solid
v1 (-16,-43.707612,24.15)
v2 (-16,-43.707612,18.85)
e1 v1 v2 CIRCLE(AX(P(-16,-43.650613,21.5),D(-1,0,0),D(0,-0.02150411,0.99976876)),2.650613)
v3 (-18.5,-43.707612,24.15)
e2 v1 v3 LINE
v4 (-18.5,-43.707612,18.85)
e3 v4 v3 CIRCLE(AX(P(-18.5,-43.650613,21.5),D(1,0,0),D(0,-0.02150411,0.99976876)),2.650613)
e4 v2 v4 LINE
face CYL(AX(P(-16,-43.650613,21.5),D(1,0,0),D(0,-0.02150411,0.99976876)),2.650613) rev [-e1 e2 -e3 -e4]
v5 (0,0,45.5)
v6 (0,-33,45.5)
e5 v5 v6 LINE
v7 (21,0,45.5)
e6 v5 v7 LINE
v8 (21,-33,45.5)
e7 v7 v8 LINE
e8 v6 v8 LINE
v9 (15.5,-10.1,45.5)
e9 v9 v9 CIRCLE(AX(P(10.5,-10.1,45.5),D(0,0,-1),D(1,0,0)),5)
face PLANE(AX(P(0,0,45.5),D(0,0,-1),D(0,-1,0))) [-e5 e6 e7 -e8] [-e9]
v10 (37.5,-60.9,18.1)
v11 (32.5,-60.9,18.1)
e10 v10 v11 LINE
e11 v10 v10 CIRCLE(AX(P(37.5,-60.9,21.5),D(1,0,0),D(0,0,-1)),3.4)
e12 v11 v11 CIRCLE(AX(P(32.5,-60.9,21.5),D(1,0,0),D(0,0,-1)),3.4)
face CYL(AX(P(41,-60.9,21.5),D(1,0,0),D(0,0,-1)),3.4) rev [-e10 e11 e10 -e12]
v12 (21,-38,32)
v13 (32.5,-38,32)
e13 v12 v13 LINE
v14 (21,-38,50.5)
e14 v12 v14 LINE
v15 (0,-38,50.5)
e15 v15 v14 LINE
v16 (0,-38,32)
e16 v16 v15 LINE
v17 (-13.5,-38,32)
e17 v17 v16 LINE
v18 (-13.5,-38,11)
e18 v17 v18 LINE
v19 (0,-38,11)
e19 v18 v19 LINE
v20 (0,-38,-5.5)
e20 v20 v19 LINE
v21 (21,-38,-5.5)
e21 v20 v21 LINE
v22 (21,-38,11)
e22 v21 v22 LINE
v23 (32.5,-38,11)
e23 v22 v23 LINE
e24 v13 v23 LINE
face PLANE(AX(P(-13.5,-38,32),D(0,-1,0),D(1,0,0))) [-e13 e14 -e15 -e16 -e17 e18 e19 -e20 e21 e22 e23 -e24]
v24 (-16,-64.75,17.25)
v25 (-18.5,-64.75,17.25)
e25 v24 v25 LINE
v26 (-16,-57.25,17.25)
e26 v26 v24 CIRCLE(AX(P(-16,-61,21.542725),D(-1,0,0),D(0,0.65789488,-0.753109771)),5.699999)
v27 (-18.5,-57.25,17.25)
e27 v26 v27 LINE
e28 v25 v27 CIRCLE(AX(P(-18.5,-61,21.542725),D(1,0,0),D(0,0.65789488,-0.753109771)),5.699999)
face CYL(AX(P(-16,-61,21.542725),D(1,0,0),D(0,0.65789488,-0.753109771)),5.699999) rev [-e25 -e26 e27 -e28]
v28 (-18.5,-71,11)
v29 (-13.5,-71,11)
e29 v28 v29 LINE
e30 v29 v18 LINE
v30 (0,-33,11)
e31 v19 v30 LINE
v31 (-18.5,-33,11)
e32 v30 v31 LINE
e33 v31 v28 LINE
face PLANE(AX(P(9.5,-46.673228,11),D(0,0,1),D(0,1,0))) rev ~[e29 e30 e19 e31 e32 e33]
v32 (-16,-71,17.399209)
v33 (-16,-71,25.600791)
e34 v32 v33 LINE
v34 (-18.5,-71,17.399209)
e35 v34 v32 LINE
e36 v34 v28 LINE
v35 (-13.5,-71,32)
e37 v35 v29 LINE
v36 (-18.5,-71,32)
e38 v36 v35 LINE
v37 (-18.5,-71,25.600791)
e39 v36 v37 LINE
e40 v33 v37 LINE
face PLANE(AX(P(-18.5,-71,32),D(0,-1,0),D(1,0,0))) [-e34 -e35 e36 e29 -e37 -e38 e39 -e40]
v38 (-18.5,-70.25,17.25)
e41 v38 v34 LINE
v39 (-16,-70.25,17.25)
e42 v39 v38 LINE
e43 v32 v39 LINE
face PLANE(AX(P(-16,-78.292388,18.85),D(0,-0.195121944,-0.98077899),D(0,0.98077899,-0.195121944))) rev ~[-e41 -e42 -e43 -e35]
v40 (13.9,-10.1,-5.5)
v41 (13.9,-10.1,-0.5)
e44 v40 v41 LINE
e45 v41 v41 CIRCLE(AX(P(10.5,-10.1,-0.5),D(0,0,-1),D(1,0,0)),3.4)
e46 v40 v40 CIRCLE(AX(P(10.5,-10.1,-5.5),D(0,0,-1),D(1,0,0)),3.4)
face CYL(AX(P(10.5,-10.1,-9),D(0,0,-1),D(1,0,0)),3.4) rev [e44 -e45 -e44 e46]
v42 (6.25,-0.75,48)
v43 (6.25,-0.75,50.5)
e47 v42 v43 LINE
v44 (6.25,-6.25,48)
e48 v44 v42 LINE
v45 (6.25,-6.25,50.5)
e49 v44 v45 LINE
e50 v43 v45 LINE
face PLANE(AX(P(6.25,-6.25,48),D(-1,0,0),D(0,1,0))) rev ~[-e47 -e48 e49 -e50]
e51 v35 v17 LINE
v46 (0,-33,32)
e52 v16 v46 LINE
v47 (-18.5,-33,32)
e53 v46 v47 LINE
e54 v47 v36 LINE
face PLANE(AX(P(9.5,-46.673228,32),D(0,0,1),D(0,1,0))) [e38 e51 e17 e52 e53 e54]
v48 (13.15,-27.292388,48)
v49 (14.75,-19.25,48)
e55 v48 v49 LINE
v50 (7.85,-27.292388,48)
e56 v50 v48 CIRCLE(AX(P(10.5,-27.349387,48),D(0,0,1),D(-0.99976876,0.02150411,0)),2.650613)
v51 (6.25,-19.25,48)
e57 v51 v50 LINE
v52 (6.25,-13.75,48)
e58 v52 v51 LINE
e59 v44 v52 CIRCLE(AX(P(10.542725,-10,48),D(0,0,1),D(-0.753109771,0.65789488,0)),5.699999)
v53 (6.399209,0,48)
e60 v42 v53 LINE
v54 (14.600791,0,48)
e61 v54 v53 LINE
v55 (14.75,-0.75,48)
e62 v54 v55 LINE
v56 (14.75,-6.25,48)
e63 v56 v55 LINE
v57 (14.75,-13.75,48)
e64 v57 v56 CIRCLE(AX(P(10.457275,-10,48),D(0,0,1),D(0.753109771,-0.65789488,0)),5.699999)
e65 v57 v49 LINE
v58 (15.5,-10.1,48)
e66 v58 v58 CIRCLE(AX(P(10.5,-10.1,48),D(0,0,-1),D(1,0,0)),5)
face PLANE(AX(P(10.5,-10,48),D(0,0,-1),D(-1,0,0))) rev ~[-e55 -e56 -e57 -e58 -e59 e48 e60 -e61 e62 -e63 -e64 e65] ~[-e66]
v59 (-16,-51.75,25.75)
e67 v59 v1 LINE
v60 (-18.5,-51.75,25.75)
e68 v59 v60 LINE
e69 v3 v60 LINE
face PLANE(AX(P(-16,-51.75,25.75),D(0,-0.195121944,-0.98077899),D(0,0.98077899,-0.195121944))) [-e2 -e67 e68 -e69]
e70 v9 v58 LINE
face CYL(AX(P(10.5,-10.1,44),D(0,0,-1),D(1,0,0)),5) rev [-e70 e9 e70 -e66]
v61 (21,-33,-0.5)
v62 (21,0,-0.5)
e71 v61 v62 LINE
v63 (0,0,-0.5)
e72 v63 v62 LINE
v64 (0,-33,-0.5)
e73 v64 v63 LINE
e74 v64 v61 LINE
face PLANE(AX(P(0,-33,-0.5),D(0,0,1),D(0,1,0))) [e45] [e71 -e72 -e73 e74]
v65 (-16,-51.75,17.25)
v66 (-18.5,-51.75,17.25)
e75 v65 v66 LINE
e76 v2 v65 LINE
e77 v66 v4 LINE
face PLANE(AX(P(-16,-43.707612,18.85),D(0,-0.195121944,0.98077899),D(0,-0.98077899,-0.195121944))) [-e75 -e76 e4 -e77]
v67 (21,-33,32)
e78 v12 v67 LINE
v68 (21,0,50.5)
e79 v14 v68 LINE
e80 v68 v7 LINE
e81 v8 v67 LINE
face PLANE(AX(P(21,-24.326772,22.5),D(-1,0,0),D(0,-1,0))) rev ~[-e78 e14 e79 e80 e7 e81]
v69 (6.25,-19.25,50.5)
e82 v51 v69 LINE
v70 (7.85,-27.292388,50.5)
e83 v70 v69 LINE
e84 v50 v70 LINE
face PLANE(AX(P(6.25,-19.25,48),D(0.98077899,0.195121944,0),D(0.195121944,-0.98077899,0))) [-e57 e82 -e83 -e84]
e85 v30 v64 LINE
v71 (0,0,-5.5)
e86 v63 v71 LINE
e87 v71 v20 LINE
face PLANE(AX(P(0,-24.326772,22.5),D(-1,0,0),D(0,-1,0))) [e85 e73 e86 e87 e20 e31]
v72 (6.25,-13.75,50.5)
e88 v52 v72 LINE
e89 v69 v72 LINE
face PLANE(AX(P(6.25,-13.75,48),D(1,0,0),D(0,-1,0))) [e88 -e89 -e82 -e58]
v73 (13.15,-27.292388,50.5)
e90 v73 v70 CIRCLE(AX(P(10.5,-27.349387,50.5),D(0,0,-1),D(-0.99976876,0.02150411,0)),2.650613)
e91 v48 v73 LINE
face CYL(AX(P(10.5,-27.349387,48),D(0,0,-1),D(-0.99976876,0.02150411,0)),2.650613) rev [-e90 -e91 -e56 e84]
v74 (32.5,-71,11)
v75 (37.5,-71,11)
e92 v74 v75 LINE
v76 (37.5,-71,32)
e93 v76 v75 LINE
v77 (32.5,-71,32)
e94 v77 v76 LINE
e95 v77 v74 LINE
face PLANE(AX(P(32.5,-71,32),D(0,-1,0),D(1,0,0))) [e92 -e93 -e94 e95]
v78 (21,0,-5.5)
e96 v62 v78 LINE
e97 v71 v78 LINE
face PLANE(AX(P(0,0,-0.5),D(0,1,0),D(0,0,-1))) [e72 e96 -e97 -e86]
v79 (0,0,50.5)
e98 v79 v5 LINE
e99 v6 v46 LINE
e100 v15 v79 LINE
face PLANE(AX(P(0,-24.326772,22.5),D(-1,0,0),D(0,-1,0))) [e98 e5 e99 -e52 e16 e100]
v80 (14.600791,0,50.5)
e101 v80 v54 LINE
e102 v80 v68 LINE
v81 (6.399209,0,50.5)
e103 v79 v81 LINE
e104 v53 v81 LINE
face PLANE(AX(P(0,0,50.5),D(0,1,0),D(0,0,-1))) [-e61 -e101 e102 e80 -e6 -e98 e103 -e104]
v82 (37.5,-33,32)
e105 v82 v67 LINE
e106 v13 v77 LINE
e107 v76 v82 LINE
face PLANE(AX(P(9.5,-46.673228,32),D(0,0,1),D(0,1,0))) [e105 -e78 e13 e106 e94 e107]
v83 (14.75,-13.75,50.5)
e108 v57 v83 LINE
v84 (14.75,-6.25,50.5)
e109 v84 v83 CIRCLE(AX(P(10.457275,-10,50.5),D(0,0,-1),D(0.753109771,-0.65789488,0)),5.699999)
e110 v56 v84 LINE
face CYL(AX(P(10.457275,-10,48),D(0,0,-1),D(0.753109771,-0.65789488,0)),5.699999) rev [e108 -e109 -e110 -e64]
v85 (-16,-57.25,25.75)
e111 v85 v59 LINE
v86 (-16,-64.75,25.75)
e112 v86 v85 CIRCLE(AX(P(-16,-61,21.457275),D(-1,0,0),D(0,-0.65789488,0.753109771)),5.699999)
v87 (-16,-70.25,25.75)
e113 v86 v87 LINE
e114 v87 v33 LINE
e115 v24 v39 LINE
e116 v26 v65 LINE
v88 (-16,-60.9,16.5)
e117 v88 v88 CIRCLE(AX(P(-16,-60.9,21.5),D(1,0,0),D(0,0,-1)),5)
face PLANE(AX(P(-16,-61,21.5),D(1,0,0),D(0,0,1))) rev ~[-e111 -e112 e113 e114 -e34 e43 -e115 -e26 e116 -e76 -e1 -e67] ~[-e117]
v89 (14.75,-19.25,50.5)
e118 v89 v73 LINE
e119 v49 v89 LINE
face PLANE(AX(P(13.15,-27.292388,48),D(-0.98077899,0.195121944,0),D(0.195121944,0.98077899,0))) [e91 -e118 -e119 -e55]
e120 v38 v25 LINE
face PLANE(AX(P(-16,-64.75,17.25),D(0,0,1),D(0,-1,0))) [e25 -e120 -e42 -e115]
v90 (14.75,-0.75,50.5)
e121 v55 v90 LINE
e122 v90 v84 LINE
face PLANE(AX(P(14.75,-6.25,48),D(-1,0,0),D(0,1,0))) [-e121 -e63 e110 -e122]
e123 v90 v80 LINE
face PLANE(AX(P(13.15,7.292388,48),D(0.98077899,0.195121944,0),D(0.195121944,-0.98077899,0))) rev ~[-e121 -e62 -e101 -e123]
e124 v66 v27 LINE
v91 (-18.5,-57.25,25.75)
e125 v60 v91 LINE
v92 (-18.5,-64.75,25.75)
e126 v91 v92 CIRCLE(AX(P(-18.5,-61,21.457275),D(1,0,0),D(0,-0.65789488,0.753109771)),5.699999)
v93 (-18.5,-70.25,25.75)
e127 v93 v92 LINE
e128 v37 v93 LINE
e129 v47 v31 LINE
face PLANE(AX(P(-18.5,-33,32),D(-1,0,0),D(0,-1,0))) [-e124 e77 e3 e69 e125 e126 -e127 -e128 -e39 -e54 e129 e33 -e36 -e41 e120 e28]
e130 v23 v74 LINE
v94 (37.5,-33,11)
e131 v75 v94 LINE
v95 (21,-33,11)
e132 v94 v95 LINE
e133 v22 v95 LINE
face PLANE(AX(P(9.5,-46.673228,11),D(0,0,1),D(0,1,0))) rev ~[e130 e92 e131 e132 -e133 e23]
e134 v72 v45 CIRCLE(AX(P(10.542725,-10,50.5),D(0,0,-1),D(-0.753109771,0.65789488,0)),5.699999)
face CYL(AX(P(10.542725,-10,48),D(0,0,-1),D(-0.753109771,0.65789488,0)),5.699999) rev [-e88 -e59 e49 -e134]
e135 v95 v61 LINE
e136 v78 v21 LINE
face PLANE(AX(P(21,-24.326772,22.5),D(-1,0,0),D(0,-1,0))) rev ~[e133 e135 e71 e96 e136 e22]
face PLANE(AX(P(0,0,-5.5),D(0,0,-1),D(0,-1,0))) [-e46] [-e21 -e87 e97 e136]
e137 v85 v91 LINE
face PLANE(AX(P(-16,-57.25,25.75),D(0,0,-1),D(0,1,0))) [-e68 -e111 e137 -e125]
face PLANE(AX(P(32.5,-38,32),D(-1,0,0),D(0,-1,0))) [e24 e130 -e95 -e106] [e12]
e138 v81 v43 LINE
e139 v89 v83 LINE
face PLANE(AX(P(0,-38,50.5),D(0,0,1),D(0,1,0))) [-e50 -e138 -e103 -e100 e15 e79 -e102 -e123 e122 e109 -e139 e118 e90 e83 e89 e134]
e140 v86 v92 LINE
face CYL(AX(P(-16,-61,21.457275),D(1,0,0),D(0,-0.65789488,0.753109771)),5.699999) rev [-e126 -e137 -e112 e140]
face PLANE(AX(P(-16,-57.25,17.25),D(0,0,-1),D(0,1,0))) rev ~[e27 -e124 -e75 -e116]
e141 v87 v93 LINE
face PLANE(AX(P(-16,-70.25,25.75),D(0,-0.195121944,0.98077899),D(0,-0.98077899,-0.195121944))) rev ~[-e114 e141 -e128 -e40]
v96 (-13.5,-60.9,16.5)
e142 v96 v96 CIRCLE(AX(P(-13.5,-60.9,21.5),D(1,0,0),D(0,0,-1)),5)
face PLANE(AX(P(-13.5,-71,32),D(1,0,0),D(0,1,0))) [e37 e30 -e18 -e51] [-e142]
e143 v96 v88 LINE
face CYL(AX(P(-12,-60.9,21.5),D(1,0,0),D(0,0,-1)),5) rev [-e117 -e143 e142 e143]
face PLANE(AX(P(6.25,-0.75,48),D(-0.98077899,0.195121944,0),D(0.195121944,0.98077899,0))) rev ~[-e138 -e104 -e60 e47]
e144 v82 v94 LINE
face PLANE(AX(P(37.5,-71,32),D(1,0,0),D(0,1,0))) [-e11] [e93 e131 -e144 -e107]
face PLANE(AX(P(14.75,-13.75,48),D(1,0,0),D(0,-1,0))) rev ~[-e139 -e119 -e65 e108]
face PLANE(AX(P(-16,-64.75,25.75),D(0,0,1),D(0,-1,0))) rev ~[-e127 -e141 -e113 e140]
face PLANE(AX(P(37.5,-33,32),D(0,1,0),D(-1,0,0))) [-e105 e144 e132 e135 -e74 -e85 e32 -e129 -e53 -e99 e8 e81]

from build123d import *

# Parameters (mm, degrees)
CYLINDER039_R          = 3.4
CYLINDER039_DEPTH      = 44
CYLINDER038_R          = 5
CYLINDER038_DEPTH      = 9
PAD015_DEPTH           = 5
PAD014_DEPTH           = 21
CUT021_PITCH_ANGLE     = 90
CUT021_PLACEMENT_ANGLE = -180
CYLINDER037_R          = 3.4
CYLINDER037_DEPTH      = 44
CYLINDER036_R          = 5
CYLINDER036_DEPTH      = 9
PAD013_DEPTH           = 5
PAD012_DEPTH           = 21


with BuildPart() as cylinder039:
    # Cylinder039 → Cylinder039 (new body)
    with BuildSketch(Plane(origin=(10.5, -10.1, -9), x_dir=(1, 0, 0), z_dir=(0, 0, 1))):
        Circle(CYLINDER039_R)
    extrude(amount=CYLINDER039_DEPTH)


with BuildPart() as cylinder038:
    # Cylinder038 → Cylinder038 (new body)
    with BuildSketch(Plane(origin=(10.5, -10.1, 44), x_dir=(1, 0, 0), z_dir=(0, 0, 1))):
        Circle(CYLINDER038_R)
    extrude(amount=CYLINDER038_DEPTH)


with BuildPart() as fusion031:
    # Sketch015 → Pad015 (new body)
    with BuildSketch(Plane.XY):
        with BuildLine():
            Line((-4.25, 3.75), (-4.25, 9.25))
            Line((-4.25, 9.25), (-2.65, 17.292388))
            ThreePointArc((2.65, 17.292388), (0, 20), (-2.65, 17.292388))
            Line((2.65, 17.292388), (4.25, 9.25))
            Line((4.25, 3.75), (4.25, 9.25))
            ThreePointArc((4.25, -3.75), (5.657274, 0), (4.25, 3.75))
            Line((4.25, -3.75), (4.25, -9.25))
            Line((2.65, -17.292388), (4.25, -9.25))
            ThreePointArc((-2.65, -17.292388), (0, -20), (2.65, -17.292388))
            Line((-4.25, -9.25), (-2.65, -17.292388))
            Line((-4.25, -3.75), (-4.25, -9.25))
            ThreePointArc((-4.25, 3.75), (-5.657274, 0), (-4.25, -3.75))
        make_face()
    extrude(amount=PAD015_DEPTH)


with BuildPart() as fusion031_1:
    # Body015 placement: moved
    add(fusion031.part.moved(Location((10.5, -10, 48))))

    # Fusion031: union Cylinder038
    add(cylinder038.part)


with BuildPart() as agarre003:
    # Sketch014 → Pad014 (new body)
    with BuildSketch(Plane.YZ):
        Polygon((-33, -0.5), (0, -0.5), (0, -5.5), (-38, -5.5), (-38, 50.5), (0, 50.5), (0, 45.5), (-33, 45.5), align=None)
    extrude(amount=PAD014_DEPTH)

    # Cut020: cut Fusion031
    add(fusion031_1.part, mode=Mode.SUBTRACT)

    # Cut021: cut Cylinder039
    add(cylinder039.part, mode=Mode.SUBTRACT)


with BuildPart() as agarre003_1:
    # Cut021 pitch: moved
    add(agarre003.part.rotate(Axis((0, 0, 0), (0, 1, 0)), CUT021_PITCH_ANGLE))


with BuildPart() as agarre003_2:
    # Cut021 placement: moved
    add(agarre003_1.part.moved(Location((32, -71, 32))).rotate(Axis((32, -71, 32), (0, 0, 1)), CUT021_PLACEMENT_ANGLE))


with BuildPart() as cylinder037:
    # Cylinder037 → Cylinder037 (new body)
    with BuildSketch(Plane(origin=(10.5, -10.1, -9), x_dir=(1, 0, 0), z_dir=(0, 0, 1))):
        Circle(CYLINDER037_R)
    extrude(amount=CYLINDER037_DEPTH)


with BuildPart() as cylinder036:
    # Cylinder036 → Cylinder036 (new body)
    with BuildSketch(Plane(origin=(10.5, -10.1, 44), x_dir=(1, 0, 0), z_dir=(0, 0, 1))):
        Circle(CYLINDER036_R)
    extrude(amount=CYLINDER036_DEPTH)


with BuildPart() as fusion030:
    # Sketch013 → Pad013 (new body)
    with BuildSketch(Plane.XY):
        with BuildLine():
            Line((-4.25, 3.75), (-4.25, 9.25))
            Line((-4.25, 9.25), (-2.65, 17.292388))
            ThreePointArc((2.65, 17.292388), (0, 20), (-2.65, 17.292388))
            Line((2.65, 17.292388), (4.25, 9.25))
            Line((4.25, 3.75), (4.25, 9.25))
            ThreePointArc((4.25, -3.75), (5.657274, 0), (4.25, 3.75))
            Line((4.25, -3.75), (4.25, -9.25))
            Line((2.65, -17.292388), (4.25, -9.25))
            ThreePointArc((-2.65, -17.292388), (0, -20), (2.65, -17.292388))
            Line((-4.25, -9.25), (-2.65, -17.292388))
            Line((-4.25, -3.75), (-4.25, -9.25))
            ThreePointArc((-4.25, 3.75), (-5.657274, 0), (-4.25, -3.75))
        make_face()
    extrude(amount=PAD013_DEPTH)


with BuildPart() as fusion030_1:
    # Body013 placement: moved
    add(fusion030.part.moved(Location((10.5, -10, 48))))

    # Fusion030: union Cylinder036
    add(cylinder036.part)


with BuildPart() as cadera:
    # Sketch012 → Pad012 (new body)
    with BuildSketch(Plane.YZ):
        Polygon((-33, -0.5), (0, -0.5), (0, -5.5), (-38, -5.5), (-38, 50.5), (0, 50.5), (0, 45.5), (-33, 45.5), align=None)
    extrude(amount=PAD012_DEPTH)

    # Cut018: cut Fusion030
    add(fusion030_1.part, mode=Mode.SUBTRACT)

    # Cut019: cut Cylinder037
    add(cylinder037.part, mode=Mode.SUBTRACT)

    # Fusion032: union Agarre003
    add(agarre003_2.part)


solid = cadera.part
